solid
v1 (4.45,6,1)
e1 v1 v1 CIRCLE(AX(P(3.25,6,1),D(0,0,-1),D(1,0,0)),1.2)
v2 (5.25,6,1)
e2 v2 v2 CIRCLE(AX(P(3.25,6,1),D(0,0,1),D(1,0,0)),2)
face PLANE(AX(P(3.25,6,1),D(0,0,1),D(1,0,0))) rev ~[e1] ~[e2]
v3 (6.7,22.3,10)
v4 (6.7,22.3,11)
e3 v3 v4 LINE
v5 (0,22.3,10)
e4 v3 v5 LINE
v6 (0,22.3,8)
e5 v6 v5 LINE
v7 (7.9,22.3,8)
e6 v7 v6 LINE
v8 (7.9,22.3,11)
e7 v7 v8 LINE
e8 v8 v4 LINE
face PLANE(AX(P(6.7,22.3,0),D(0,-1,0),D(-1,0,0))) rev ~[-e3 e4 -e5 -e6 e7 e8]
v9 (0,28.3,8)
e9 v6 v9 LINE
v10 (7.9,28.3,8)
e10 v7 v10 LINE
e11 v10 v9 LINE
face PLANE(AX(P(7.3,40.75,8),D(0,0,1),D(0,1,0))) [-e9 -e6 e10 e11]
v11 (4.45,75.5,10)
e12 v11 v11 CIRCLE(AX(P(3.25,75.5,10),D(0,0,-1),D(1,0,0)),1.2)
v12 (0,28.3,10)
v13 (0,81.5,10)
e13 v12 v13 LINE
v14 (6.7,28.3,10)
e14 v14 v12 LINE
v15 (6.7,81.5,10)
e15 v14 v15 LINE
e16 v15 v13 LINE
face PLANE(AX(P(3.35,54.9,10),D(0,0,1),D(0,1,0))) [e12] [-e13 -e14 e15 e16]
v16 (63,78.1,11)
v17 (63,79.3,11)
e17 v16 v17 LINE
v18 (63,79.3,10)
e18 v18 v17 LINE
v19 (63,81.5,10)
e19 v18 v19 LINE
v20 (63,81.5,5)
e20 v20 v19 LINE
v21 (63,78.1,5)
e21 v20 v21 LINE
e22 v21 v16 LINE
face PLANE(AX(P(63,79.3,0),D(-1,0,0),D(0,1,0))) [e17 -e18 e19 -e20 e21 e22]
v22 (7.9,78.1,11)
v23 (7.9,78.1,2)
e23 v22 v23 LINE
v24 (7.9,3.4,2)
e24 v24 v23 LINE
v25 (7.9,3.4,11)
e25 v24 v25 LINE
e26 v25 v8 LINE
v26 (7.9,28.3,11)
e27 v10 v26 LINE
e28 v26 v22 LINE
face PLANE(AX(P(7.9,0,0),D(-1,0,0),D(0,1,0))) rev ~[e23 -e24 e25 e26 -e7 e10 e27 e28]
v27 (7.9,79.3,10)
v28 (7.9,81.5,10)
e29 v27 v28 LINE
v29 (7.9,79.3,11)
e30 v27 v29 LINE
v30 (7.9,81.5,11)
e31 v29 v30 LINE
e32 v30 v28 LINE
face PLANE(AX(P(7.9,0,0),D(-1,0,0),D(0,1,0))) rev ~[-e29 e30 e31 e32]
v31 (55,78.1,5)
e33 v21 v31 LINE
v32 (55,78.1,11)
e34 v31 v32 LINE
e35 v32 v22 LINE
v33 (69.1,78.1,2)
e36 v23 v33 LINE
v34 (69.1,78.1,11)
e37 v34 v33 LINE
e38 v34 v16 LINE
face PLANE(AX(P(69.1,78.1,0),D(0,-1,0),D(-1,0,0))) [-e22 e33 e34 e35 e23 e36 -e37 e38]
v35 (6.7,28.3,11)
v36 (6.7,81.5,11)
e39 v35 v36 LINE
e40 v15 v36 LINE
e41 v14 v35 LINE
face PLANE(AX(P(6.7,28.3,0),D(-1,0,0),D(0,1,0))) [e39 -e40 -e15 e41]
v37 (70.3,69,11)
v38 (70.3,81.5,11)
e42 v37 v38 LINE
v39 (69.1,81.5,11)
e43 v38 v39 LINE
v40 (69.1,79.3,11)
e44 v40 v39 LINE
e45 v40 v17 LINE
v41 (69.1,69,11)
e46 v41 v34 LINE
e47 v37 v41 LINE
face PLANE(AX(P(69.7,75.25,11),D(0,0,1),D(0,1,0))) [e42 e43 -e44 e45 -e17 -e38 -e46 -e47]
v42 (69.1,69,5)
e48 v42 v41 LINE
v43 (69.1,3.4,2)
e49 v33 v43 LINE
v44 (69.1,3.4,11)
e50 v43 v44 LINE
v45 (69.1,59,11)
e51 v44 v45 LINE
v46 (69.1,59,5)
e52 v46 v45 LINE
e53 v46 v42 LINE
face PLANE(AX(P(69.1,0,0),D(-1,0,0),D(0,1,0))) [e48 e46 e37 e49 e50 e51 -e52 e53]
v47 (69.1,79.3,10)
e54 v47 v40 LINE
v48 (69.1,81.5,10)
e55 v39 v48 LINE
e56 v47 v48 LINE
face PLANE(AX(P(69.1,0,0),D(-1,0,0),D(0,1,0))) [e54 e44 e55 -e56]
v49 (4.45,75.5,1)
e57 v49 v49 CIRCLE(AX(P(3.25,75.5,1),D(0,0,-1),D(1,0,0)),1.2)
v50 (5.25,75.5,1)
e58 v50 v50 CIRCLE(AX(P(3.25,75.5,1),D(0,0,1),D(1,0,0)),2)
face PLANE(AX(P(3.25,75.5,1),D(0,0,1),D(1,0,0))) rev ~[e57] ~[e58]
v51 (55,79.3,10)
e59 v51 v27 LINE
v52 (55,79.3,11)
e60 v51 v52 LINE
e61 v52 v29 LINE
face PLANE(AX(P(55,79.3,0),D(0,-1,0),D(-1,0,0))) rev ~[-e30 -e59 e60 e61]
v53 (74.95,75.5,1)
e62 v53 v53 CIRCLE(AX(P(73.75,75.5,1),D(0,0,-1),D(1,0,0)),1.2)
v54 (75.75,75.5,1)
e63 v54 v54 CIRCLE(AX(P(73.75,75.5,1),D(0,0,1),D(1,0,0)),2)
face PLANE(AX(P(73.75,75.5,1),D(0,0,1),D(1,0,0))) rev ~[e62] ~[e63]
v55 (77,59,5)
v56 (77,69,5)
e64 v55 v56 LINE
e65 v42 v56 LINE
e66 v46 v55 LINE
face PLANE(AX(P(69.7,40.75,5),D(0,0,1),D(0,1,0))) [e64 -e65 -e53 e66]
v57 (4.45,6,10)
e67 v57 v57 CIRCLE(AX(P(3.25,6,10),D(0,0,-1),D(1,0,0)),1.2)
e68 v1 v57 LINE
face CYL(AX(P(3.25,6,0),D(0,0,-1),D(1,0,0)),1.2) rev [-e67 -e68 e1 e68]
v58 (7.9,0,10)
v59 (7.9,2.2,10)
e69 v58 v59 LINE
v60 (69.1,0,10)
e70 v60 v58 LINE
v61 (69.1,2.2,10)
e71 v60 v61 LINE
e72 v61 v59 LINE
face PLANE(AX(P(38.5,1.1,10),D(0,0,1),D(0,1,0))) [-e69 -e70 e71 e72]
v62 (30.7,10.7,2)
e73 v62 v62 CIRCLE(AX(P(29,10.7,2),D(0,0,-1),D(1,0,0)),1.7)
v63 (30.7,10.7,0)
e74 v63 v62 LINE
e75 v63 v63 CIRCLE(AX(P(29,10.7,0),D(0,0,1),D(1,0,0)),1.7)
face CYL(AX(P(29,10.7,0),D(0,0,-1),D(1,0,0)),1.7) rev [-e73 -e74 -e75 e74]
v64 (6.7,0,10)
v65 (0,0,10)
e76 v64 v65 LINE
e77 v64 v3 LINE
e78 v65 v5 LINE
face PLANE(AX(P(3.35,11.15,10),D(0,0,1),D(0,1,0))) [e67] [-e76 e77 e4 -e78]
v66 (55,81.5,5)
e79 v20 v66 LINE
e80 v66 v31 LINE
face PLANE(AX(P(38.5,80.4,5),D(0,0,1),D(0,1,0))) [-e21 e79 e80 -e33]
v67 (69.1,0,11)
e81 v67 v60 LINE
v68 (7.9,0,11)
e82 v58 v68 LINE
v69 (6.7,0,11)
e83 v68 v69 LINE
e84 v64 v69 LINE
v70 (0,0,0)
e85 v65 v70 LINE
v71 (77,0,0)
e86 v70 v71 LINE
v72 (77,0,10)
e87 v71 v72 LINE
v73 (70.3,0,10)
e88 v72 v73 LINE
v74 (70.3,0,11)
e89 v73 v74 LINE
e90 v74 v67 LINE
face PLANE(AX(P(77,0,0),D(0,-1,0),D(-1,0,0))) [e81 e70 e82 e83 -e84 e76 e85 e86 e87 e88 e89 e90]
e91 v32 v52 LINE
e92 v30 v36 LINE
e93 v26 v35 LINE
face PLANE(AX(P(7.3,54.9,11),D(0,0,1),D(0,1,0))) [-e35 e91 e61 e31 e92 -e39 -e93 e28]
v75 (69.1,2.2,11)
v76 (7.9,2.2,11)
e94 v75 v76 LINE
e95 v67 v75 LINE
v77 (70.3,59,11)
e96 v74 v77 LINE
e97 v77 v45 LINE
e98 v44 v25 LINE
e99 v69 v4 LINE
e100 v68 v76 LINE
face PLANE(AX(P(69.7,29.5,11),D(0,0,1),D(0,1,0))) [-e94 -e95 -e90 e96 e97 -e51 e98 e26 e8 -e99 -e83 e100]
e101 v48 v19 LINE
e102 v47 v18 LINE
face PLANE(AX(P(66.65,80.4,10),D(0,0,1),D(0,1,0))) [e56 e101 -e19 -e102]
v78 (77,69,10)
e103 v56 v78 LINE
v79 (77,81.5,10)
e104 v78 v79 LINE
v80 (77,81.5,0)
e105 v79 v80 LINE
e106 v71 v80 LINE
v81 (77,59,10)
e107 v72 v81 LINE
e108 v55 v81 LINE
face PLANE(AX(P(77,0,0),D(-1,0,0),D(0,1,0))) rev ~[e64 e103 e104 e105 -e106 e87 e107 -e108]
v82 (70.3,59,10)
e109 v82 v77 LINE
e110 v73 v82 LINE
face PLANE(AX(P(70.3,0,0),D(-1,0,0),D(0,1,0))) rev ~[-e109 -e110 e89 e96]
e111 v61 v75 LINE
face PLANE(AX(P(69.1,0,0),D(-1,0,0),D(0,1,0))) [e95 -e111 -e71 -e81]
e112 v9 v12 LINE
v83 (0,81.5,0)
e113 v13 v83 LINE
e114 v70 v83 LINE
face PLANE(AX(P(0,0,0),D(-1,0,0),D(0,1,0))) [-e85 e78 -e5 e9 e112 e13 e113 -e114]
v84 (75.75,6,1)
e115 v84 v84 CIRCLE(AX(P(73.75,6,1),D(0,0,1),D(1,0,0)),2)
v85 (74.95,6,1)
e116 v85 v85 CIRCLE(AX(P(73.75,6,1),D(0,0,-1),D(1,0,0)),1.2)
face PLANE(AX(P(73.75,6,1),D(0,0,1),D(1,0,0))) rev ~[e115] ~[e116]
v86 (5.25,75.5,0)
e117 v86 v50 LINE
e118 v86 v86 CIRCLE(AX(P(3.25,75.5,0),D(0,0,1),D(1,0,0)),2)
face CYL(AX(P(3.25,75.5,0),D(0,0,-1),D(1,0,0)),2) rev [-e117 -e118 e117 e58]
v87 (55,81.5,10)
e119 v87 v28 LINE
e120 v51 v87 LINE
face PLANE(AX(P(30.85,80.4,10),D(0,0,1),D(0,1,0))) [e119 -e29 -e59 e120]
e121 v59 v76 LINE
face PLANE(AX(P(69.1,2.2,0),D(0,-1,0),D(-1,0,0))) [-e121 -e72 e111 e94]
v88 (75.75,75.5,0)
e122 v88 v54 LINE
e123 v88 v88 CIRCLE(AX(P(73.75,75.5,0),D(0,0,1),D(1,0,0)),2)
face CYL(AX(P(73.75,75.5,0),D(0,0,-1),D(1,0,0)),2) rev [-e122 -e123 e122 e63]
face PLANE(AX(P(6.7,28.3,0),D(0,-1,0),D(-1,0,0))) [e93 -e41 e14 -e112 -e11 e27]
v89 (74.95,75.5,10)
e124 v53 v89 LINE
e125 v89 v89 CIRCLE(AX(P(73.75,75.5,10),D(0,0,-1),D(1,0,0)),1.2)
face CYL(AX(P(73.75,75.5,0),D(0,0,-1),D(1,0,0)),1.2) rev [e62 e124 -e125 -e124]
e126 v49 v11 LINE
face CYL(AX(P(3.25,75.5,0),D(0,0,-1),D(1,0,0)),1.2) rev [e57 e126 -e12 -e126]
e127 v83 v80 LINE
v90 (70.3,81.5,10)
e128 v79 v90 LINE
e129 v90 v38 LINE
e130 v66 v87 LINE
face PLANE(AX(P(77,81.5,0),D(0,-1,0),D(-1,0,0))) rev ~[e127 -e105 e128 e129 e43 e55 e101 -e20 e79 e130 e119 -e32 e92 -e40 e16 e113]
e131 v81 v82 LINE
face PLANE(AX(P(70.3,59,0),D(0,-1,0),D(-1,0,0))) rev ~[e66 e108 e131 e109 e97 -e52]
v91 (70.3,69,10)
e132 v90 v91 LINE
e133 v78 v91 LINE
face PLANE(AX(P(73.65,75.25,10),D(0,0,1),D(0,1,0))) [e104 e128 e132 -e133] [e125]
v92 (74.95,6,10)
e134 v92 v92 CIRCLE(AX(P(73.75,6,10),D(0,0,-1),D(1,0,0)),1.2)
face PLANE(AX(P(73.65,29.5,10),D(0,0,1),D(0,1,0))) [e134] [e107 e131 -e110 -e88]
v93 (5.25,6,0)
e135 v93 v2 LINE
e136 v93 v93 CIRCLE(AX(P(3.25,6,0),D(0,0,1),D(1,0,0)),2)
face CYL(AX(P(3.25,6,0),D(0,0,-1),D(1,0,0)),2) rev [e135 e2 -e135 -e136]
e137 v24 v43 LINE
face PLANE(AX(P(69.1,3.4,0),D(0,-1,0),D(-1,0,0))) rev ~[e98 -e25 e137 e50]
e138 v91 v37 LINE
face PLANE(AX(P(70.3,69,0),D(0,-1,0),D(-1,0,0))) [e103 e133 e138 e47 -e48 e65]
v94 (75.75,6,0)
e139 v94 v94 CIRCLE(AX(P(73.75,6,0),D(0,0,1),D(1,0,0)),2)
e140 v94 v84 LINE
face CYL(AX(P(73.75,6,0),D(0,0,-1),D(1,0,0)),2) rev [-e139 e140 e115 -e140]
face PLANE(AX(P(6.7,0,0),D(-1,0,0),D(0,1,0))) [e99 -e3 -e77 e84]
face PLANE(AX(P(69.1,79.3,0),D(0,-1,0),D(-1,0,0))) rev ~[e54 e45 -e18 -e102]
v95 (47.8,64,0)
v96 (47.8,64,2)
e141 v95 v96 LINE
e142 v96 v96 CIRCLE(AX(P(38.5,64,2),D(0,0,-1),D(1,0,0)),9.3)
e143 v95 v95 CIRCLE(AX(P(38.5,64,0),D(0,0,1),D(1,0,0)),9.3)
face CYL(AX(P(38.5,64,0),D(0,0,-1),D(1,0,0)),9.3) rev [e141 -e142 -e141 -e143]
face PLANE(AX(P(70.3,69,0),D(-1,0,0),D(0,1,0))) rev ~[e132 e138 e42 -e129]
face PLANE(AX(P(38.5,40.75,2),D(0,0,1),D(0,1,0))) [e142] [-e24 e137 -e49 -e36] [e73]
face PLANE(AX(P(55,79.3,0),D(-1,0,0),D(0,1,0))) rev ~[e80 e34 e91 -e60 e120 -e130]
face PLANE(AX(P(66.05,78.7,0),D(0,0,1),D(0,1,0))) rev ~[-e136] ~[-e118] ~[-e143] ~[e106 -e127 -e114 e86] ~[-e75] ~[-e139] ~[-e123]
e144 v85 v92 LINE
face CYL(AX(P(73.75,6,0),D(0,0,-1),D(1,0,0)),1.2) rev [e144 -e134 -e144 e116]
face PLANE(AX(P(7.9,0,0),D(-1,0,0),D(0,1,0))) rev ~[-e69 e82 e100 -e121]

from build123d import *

# Parameters (mm, degrees)
SKETCH1_W            = 81.5
SKETCH1_H            = 77
BOSS_EXTRUDE1_DEPTH  = 2
SKETCH2_W            = 81.5
SKETCH2_H            = 6.7
BOSS_EXTRUDE2_DEPTH  = 8
SKETCH3_W            = 22.3
SKETCH3_H            = 6.7
BOSS_EXTRUDE3_DEPTH  = 10
SKETCH4_W            = 53.2
SKETCH4_H            = 6.7
BOSS_EXTRUDE4_DEPTH  = 10
SKETCH5_W            = 81.5
SKETCH5_H            = 1.2
BOSS_EXTRUDE5_DEPTH  = 8
SKETCH6_W            = 22.3
SKETCH6_H            = 1.2
BOSS_EXTRUDE6_DEPTH  = 11
SKETCH7_W            = 53.2
SKETCH7_H            = 1.2
BOSS_EXTRUDE7_DEPTH  = 11
SKETCH8_W            = 81.5
SKETCH8_H            = 6.7
BOSS_EXTRUDE8_DEPTH  = 5
SKETCH9_W            = 59
SKETCH9_H            = 6.7
BOSS_EXTRUDE9_DEPTH  = 10
SKETCH10_W           = 12.5
SKETCH10_H           = 6.7
BOSS_EXTRUDE10_DEPTH = 10
SKETCH11_W           = 81.5
SKETCH11_H           = 1.2
BOSS_EXTRUDE11_DEPTH = 5
SKETCH12_W           = 59
SKETCH12_H           = 1.2
BOSS_EXTRUDE12_DEPTH = 11
SKETCH13_W           = 12.5
SKETCH13_H           = 1.2
BOSS_EXTRUDE13_DEPTH = 11
SKETCH14_W           = 2.2
SKETCH14_H           = 63.6
BOSS_EXTRUDE14_DEPTH = 10
SKETCH15_W           = 1.2
SKETCH15_H           = 61.2
BOSS_EXTRUDE15_DEPTH = 11
SKETCH16_W           = 2.2
SKETCH16_H           = 63.6
BOSS_EXTRUDE16_DEPTH = 5
SKETCH17_W           = 2.2
SKETCH17_H           = 48.3
BOSS_EXTRUDE17_DEPTH = 10
SKETCH18_W           = 2.2
SKETCH18_H           = 7.3
BOSS_EXTRUDE18_DEPTH = 10
SKETCH19_W           = 1.2
SKETCH19_H           = 61.2
BOSS_EXTRUDE19_DEPTH = 5
SKETCH20_W           = 1.2
SKETCH20_H           = 47.1
BOSS_EXTRUDE20_DEPTH = 11
SKETCH21_W           = 1.2
SKETCH21_H           = 6.1
BOSS_EXTRUDE21_DEPTH = 11
SKETCH22_R           = 1.7
CUT_EXTRUDE1_DEPTH   = 17
SKETCH23_R           = 9.3
CUT_EXTRUDE2_DEPTH   = 17
SKETCH24_R           = 1.2
CUT_EXTRUDE3_DEPTH   = 17
SKETCH25_R           = 2
CUT_EXTRUDE4_DEPTH   = 1
SKETCH26_R           = 1.2
CUT_EXTRUDE5_DEPTH   = 17
SKETCH27_R           = 2
CUT_EXTRUDE6_DEPTH   = 1
SKETCH28_R           = 1.2
CUT_EXTRUDE7_DEPTH   = 17
SKETCH29_R           = 2
CUT_EXTRUDE8_DEPTH   = 1
SKETCH30_R           = 1.2
CUT_EXTRUDE9_DEPTH   = 17
SKETCH31_R           = 2
CUT_EXTRUDE10_DEPTH  = 1


with BuildPart() as part:
    # Sketch1 → Boss-Extrude1 (new body)
    with BuildSketch(Plane(origin=(0, 0, 0), x_dir=(0, 1, 0), z_dir=(0, 0, 1))):
        with Locations((40.75, -38.5)):
            Rectangle(SKETCH1_W, SKETCH1_H)
    extrude(amount=BOSS_EXTRUDE1_DEPTH)

    # Sketch2 → Boss-Extrude2 (add)
    with BuildSketch(Plane(origin=(0, 0, 0), x_dir=(0, 1, 0), z_dir=(0, 0, 1))):
        with Locations((40.75, -3.35)):
            Rectangle(SKETCH2_W, SKETCH2_H)
    extrude(amount=BOSS_EXTRUDE2_DEPTH)

    # Sketch3 → Boss-Extrude3 (add)
    with BuildSketch(Plane(origin=(0, 0, 0), x_dir=(0, 1, 0), z_dir=(0, 0, 1))):
        with Locations((11.15, -3.35)):
            Rectangle(SKETCH3_W, SKETCH3_H)
    extrude(amount=BOSS_EXTRUDE3_DEPTH)

    # Sketch4 → Boss-Extrude4 (add)
    with BuildSketch(Plane(origin=(0, 0, 0), x_dir=(0, 1, 0), z_dir=(0, 0, 1))):
        with Locations((54.9, -3.35)):
            Rectangle(SKETCH4_W, SKETCH4_H)
    extrude(amount=BOSS_EXTRUDE4_DEPTH)

    # Sketch5 → Boss-Extrude5 (add)
    with BuildSketch(Plane(origin=(0, 0, 0), x_dir=(0, 1, 0), z_dir=(0, 0, 1))):
        with Locations((40.75, -7.3)):
            Rectangle(SKETCH5_W, SKETCH5_H)
    extrude(amount=BOSS_EXTRUDE5_DEPTH)

    # Sketch6 → Boss-Extrude6 (add)
    with BuildSketch(Plane(origin=(0, 0, 0), x_dir=(0, 1, 0), z_dir=(0, 0, 1))):
        with Locations((11.15, -7.3)):
            Rectangle(SKETCH6_W, SKETCH6_H)
    extrude(amount=BOSS_EXTRUDE6_DEPTH)

    # Sketch7 → Boss-Extrude7 (add)
    with BuildSketch(Plane(origin=(0, 0, 0), x_dir=(0, 1, 0), z_dir=(0, 0, 1))):
        with Locations((54.9, -7.3)):
            Rectangle(SKETCH7_W, SKETCH7_H)
    extrude(amount=BOSS_EXTRUDE7_DEPTH)

    # Sketch8 → Boss-Extrude8 (add)
    with BuildSketch(Plane(origin=(0, 0, 0), x_dir=(0, 1, 0), z_dir=(0, 0, 1))):
        with Locations((40.75, -73.65)):
            Rectangle(SKETCH8_W, SKETCH8_H)
    extrude(amount=BOSS_EXTRUDE8_DEPTH)

    # Sketch9 → Boss-Extrude9 (add)
    with BuildSketch(Plane(origin=(0, 0, 0), x_dir=(0, 1, 0), z_dir=(0, 0, 1))):
        with Locations((29.5, -73.65)):
            Rectangle(SKETCH9_W, SKETCH9_H)
    extrude(amount=BOSS_EXTRUDE9_DEPTH)

    # Sketch10 → Boss-Extrude10 (add)
    with BuildSketch(Plane(origin=(0, 0, 0), x_dir=(0, 1, 0), z_dir=(0, 0, 1))):
        with Locations((75.25, -73.65)):
            Rectangle(SKETCH10_W, SKETCH10_H)
    extrude(amount=BOSS_EXTRUDE10_DEPTH)

    # Sketch11 → Boss-Extrude11 (add)
    with BuildSketch(Plane(origin=(0, 0, 0), x_dir=(0, 1, 0), z_dir=(0, 0, 1))):
        with Locations((40.75, -69.7)):
            Rectangle(SKETCH11_W, SKETCH11_H)
    extrude(amount=BOSS_EXTRUDE11_DEPTH)

    # Sketch12 → Boss-Extrude12 (add)
    with BuildSketch(Plane(origin=(0, 0, 0), x_dir=(0, 1, 0), z_dir=(0, 0, 1))):
        with Locations((29.5, -69.7)):
            Rectangle(SKETCH12_W, SKETCH12_H)
    extrude(amount=BOSS_EXTRUDE12_DEPTH)

    # Sketch13 → Boss-Extrude13 (add)
    with BuildSketch(Plane(origin=(0, 0, 0), x_dir=(0, 1, 0), z_dir=(0, 0, 1))):
        with Locations((75.25, -69.7)):
            Rectangle(SKETCH13_W, SKETCH13_H)
    extrude(amount=BOSS_EXTRUDE13_DEPTH)

    # Sketch14 → Boss-Extrude14 (add)
    with BuildSketch(Plane(origin=(0, 0, 0), x_dir=(0, 1, 0), z_dir=(0, 0, 1))):
        with Locations((1.1, -38.5)):
            Rectangle(SKETCH14_W, SKETCH14_H)
    extrude(amount=BOSS_EXTRUDE14_DEPTH)

    # Sketch15 → Boss-Extrude15 (add)
    with BuildSketch(Plane(origin=(0, 0, 0), x_dir=(0, 1, 0), z_dir=(0, 0, 1))):
        with Locations((2.8, -38.5)):
            Rectangle(SKETCH15_W, SKETCH15_H)
    extrude(amount=BOSS_EXTRUDE15_DEPTH)

    # Sketch16 → Boss-Extrude16 (add)
    with BuildSketch(Plane(origin=(0, 0, 0), x_dir=(0, 1, 0), z_dir=(0, 0, 1))):
        with Locations((80.4, -38.5)):
            Rectangle(SKETCH16_W, SKETCH16_H)
    extrude(amount=BOSS_EXTRUDE16_DEPTH)

    # Sketch17 → Boss-Extrude17 (add)
    with BuildSketch(Plane(origin=(0, 0, 0), x_dir=(0, 1, 0), z_dir=(0, 0, 1))):
        with Locations((80.4, -30.85)):
            Rectangle(SKETCH17_W, SKETCH17_H)
    extrude(amount=BOSS_EXTRUDE17_DEPTH)

    # Sketch18 → Boss-Extrude18 (add)
    with BuildSketch(Plane(origin=(0, 0, 0), x_dir=(0, 1, 0), z_dir=(0, 0, 1))):
        with Locations((80.4, -66.65)):
            Rectangle(SKETCH18_W, SKETCH18_H)
    extrude(amount=BOSS_EXTRUDE18_DEPTH)

    # Sketch19 → Boss-Extrude19 (add)
    with BuildSketch(Plane(origin=(0, 0, 0), x_dir=(0, 1, 0), z_dir=(0, 0, 1))):
        with Locations((78.7, -38.5)):
            Rectangle(SKETCH19_W, SKETCH19_H)
    extrude(amount=BOSS_EXTRUDE19_DEPTH)

    # Sketch20 → Boss-Extrude20 (add)
    with BuildSketch(Plane(origin=(0, 0, 0), x_dir=(0, 1, 0), z_dir=(0, 0, 1))):
        with Locations((78.7, -31.45)):
            Rectangle(SKETCH20_W, SKETCH20_H)
    extrude(amount=BOSS_EXTRUDE20_DEPTH)

    # Sketch21 → Boss-Extrude21 (add)
    with BuildSketch(Plane(origin=(0, 0, 0), x_dir=(0, 1, 0), z_dir=(0, 0, 1))):
        with Locations((78.7, -66.05)):
            Rectangle(SKETCH21_W, SKETCH21_H)
    extrude(amount=BOSS_EXTRUDE21_DEPTH)

    # Sketch22 → Cut-Extrude1 (cut)
    with BuildSketch(Plane(origin=(0, 0, 0), x_dir=(0, 1, 0), z_dir=(0, 0, 1))):
        with Locations(Location((10.7, -29, 0), (0, 0, 270))):
            Circle(SKETCH22_R)
    extrude(amount=CUT_EXTRUDE1_DEPTH, mode=Mode.SUBTRACT)

    # Sketch23 → Cut-Extrude2 (cut)
    with BuildSketch(Plane(origin=(0, 0, 0), x_dir=(0, 1, 0), z_dir=(0, 0, 1))):
        with Locations(Location((64, -38.5, 0), (0, 0, 270))):
            Circle(SKETCH23_R)
    extrude(amount=CUT_EXTRUDE2_DEPTH, mode=Mode.SUBTRACT)

    # Sketch24 → Cut-Extrude3 (cut)
    with BuildSketch(Plane(origin=(0, 0, 0), x_dir=(0, 1, 0), z_dir=(0, 0, 1))):
        with Locations(Location((6, -3.25, 0), (0, 0, 270))):
            Circle(SKETCH24_R)
    extrude(amount=CUT_EXTRUDE3_DEPTH, mode=Mode.SUBTRACT)

    # Sketch25 → Cut-Extrude4 (cut)
    with BuildSketch(Plane(origin=(0, 0, 0), x_dir=(0, 1, 0), z_dir=(0, 0, 1))):
        with Locations(Location((6, -3.25, 0), (0, 0, 270))):
            Circle(SKETCH25_R)
    extrude(amount=CUT_EXTRUDE4_DEPTH, mode=Mode.SUBTRACT)

    # Sketch26 → Cut-Extrude5 (cut)
    with BuildSketch(Plane(origin=(0, 0, 0), x_dir=(0, 1, 0), z_dir=(0, 0, 1))):
        with Locations(Location((75.5, -3.25, 0), (0, 0, 270))):
            Circle(SKETCH26_R)
    extrude(amount=CUT_EXTRUDE5_DEPTH, mode=Mode.SUBTRACT)

    # Sketch27 → Cut-Extrude6 (cut)
    with BuildSketch(Plane(origin=(0, 0, 0), x_dir=(0, 1, 0), z_dir=(0, 0, 1))):
        with Locations(Location((75.5, -3.25, 0), (0, 0, 270))):
            Circle(SKETCH27_R)
    extrude(amount=CUT_EXTRUDE6_DEPTH, mode=Mode.SUBTRACT)

    # Sketch28 → Cut-Extrude7 (cut)
    with BuildSketch(Plane(origin=(0, 0, 0), x_dir=(0, 1, 0), z_dir=(0, 0, 1))):
        with Locations(Location((6, -73.75, 0), (0, 0, 270))):
            Circle(SKETCH28_R)
    extrude(amount=CUT_EXTRUDE7_DEPTH, mode=Mode.SUBTRACT)

    # Sketch29 → Cut-Extrude8 (cut)
    with BuildSketch(Plane(origin=(0, 0, 0), x_dir=(0, 1, 0), z_dir=(0, 0, 1))):
        with Locations(Location((6, -73.75, 0), (0, 0, 270))):
            Circle(SKETCH29_R)
    extrude(amount=CUT_EXTRUDE8_DEPTH, mode=Mode.SUBTRACT)

    # Sketch30 → Cut-Extrude9 (cut)
    with BuildSketch(Plane(origin=(0, 0, 0), x_dir=(0, 1, 0), z_dir=(0, 0, 1))):
        with Locations(Location((75.5, -73.75, 0), (0, 0, 270))):
            Circle(SKETCH30_R)
    extrude(amount=CUT_EXTRUDE9_DEPTH, mode=Mode.SUBTRACT)

    # Sketch31 → Cut-Extrude10 (cut)
    with BuildSketch(Plane(origin=(0, 0, 0), x_dir=(0, 1, 0), z_dir=(0, 0, 1))):
        with Locations(Location((75.5, -73.75, 0), (0, 0, 270))):
            Circle(SKETCH31_R)
    extrude(amount=CUT_EXTRUDE10_DEPTH, mode=Mode.SUBTRACT)


solid = part.part
